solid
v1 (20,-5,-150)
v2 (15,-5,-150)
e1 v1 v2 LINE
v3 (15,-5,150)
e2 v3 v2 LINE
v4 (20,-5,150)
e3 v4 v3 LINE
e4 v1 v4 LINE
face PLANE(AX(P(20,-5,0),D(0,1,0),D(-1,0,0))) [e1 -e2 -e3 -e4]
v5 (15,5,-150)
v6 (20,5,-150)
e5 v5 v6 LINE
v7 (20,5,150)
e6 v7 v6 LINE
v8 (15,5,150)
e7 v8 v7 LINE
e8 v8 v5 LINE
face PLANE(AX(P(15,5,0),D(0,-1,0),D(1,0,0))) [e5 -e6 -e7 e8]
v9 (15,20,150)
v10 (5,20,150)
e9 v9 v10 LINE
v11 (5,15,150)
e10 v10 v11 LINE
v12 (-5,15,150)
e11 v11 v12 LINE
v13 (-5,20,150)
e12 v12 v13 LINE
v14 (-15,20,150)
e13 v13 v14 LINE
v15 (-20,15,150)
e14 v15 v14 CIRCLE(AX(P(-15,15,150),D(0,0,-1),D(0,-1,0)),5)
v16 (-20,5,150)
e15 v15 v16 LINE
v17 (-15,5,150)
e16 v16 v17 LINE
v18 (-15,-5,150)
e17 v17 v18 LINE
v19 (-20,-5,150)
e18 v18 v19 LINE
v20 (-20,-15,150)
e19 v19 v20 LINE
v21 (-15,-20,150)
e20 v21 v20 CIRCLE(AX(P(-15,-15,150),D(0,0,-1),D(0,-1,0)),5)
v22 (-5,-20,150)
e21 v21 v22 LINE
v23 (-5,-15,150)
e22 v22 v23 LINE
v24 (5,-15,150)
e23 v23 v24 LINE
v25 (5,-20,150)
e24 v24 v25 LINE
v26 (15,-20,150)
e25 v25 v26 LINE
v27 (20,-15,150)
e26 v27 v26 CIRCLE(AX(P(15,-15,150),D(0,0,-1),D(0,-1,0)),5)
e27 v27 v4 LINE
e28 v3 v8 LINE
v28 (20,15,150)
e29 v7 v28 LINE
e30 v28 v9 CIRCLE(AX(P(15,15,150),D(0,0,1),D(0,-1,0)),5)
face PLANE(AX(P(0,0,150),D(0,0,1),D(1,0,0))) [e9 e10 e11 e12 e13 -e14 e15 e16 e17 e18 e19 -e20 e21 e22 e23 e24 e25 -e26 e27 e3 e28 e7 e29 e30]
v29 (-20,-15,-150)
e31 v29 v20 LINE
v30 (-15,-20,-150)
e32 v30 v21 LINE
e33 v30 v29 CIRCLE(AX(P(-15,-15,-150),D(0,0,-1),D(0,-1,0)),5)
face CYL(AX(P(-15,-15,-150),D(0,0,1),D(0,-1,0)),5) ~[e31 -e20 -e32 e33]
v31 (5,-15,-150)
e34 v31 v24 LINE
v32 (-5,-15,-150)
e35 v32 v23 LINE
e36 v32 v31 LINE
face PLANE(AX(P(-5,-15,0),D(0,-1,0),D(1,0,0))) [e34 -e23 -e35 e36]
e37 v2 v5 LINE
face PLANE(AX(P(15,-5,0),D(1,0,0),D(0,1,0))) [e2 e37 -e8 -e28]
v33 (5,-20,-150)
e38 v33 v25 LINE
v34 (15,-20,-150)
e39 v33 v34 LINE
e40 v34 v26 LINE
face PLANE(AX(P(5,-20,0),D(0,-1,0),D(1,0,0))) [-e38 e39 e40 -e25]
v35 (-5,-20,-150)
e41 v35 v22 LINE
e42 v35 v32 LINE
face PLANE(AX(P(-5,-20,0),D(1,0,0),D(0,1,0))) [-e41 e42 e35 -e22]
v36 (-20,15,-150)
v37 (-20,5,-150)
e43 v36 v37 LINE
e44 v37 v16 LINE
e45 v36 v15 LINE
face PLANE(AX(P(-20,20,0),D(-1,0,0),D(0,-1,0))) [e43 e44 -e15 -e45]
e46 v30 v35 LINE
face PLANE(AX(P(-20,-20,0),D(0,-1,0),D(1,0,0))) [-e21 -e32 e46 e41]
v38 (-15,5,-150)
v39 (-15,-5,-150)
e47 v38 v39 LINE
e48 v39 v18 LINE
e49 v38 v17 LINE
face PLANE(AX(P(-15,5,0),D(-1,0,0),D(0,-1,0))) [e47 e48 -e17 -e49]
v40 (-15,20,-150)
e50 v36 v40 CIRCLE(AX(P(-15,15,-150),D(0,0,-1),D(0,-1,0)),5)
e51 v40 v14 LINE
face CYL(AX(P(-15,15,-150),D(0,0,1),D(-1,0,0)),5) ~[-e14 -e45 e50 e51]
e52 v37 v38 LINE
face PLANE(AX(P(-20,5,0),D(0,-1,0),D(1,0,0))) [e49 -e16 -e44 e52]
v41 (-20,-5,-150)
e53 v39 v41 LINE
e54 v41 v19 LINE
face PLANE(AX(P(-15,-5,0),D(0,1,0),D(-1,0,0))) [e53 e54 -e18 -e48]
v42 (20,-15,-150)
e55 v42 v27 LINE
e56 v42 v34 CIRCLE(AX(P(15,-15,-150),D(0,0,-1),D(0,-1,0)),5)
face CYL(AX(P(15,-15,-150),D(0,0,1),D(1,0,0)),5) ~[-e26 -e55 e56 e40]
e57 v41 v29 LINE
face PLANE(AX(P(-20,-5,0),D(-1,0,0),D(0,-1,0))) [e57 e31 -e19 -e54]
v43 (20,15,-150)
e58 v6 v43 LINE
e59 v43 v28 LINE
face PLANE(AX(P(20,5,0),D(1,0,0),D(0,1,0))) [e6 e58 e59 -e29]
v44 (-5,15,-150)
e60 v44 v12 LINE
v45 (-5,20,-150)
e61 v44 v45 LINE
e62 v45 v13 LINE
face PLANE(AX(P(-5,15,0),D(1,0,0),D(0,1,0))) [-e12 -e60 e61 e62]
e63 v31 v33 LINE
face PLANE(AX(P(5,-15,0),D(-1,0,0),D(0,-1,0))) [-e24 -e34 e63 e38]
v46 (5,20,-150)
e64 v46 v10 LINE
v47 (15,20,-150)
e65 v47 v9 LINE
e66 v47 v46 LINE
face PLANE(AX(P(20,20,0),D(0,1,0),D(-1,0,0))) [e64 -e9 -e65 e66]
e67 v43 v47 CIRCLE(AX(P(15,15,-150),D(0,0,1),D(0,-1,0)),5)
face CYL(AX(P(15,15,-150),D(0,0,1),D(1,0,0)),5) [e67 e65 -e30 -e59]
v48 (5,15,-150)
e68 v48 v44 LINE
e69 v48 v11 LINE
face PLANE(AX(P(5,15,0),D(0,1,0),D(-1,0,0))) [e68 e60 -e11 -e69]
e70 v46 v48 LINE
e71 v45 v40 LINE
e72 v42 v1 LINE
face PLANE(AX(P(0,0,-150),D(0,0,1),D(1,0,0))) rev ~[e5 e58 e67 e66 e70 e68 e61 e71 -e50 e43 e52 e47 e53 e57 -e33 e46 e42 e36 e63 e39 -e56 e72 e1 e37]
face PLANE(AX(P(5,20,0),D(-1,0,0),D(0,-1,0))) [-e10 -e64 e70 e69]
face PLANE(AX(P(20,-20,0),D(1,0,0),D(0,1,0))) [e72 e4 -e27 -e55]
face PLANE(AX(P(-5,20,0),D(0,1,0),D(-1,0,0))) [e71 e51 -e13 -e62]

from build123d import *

# Parameters (mm, degrees)
F1_DEPTH = 150
F2_R     = 5


with BuildPart() as f1:
    # F0 (on Top) → F1 (new body, symmetric)
    with BuildSketch(Plane.XY):
        Polygon((20, 5), (20, 20), (5, 20), (5, 15), (-5, 15), (-5, 20), (-20, 20), (-20, 5), (-15, 5), (-15, -5), (-20, -5), (-20, -20), (-5, -20), (-5, -15), (5, -15), (5, -20), (20, -20), (20, -5), (15, -5), (15, 5), align=None)
    extrude(amount=F1_DEPTH, both=True)

    # F2
    f2_edges = [f1.edges().sort_by_distance(p)[0] for p in [
        (20, 20, 0),
        (-20, 20, 0),
        (-20, -20, 0),
        (20, -20, 0),
    ]]
    fillet(f2_edges, radius=F2_R)


solid = f1.part
